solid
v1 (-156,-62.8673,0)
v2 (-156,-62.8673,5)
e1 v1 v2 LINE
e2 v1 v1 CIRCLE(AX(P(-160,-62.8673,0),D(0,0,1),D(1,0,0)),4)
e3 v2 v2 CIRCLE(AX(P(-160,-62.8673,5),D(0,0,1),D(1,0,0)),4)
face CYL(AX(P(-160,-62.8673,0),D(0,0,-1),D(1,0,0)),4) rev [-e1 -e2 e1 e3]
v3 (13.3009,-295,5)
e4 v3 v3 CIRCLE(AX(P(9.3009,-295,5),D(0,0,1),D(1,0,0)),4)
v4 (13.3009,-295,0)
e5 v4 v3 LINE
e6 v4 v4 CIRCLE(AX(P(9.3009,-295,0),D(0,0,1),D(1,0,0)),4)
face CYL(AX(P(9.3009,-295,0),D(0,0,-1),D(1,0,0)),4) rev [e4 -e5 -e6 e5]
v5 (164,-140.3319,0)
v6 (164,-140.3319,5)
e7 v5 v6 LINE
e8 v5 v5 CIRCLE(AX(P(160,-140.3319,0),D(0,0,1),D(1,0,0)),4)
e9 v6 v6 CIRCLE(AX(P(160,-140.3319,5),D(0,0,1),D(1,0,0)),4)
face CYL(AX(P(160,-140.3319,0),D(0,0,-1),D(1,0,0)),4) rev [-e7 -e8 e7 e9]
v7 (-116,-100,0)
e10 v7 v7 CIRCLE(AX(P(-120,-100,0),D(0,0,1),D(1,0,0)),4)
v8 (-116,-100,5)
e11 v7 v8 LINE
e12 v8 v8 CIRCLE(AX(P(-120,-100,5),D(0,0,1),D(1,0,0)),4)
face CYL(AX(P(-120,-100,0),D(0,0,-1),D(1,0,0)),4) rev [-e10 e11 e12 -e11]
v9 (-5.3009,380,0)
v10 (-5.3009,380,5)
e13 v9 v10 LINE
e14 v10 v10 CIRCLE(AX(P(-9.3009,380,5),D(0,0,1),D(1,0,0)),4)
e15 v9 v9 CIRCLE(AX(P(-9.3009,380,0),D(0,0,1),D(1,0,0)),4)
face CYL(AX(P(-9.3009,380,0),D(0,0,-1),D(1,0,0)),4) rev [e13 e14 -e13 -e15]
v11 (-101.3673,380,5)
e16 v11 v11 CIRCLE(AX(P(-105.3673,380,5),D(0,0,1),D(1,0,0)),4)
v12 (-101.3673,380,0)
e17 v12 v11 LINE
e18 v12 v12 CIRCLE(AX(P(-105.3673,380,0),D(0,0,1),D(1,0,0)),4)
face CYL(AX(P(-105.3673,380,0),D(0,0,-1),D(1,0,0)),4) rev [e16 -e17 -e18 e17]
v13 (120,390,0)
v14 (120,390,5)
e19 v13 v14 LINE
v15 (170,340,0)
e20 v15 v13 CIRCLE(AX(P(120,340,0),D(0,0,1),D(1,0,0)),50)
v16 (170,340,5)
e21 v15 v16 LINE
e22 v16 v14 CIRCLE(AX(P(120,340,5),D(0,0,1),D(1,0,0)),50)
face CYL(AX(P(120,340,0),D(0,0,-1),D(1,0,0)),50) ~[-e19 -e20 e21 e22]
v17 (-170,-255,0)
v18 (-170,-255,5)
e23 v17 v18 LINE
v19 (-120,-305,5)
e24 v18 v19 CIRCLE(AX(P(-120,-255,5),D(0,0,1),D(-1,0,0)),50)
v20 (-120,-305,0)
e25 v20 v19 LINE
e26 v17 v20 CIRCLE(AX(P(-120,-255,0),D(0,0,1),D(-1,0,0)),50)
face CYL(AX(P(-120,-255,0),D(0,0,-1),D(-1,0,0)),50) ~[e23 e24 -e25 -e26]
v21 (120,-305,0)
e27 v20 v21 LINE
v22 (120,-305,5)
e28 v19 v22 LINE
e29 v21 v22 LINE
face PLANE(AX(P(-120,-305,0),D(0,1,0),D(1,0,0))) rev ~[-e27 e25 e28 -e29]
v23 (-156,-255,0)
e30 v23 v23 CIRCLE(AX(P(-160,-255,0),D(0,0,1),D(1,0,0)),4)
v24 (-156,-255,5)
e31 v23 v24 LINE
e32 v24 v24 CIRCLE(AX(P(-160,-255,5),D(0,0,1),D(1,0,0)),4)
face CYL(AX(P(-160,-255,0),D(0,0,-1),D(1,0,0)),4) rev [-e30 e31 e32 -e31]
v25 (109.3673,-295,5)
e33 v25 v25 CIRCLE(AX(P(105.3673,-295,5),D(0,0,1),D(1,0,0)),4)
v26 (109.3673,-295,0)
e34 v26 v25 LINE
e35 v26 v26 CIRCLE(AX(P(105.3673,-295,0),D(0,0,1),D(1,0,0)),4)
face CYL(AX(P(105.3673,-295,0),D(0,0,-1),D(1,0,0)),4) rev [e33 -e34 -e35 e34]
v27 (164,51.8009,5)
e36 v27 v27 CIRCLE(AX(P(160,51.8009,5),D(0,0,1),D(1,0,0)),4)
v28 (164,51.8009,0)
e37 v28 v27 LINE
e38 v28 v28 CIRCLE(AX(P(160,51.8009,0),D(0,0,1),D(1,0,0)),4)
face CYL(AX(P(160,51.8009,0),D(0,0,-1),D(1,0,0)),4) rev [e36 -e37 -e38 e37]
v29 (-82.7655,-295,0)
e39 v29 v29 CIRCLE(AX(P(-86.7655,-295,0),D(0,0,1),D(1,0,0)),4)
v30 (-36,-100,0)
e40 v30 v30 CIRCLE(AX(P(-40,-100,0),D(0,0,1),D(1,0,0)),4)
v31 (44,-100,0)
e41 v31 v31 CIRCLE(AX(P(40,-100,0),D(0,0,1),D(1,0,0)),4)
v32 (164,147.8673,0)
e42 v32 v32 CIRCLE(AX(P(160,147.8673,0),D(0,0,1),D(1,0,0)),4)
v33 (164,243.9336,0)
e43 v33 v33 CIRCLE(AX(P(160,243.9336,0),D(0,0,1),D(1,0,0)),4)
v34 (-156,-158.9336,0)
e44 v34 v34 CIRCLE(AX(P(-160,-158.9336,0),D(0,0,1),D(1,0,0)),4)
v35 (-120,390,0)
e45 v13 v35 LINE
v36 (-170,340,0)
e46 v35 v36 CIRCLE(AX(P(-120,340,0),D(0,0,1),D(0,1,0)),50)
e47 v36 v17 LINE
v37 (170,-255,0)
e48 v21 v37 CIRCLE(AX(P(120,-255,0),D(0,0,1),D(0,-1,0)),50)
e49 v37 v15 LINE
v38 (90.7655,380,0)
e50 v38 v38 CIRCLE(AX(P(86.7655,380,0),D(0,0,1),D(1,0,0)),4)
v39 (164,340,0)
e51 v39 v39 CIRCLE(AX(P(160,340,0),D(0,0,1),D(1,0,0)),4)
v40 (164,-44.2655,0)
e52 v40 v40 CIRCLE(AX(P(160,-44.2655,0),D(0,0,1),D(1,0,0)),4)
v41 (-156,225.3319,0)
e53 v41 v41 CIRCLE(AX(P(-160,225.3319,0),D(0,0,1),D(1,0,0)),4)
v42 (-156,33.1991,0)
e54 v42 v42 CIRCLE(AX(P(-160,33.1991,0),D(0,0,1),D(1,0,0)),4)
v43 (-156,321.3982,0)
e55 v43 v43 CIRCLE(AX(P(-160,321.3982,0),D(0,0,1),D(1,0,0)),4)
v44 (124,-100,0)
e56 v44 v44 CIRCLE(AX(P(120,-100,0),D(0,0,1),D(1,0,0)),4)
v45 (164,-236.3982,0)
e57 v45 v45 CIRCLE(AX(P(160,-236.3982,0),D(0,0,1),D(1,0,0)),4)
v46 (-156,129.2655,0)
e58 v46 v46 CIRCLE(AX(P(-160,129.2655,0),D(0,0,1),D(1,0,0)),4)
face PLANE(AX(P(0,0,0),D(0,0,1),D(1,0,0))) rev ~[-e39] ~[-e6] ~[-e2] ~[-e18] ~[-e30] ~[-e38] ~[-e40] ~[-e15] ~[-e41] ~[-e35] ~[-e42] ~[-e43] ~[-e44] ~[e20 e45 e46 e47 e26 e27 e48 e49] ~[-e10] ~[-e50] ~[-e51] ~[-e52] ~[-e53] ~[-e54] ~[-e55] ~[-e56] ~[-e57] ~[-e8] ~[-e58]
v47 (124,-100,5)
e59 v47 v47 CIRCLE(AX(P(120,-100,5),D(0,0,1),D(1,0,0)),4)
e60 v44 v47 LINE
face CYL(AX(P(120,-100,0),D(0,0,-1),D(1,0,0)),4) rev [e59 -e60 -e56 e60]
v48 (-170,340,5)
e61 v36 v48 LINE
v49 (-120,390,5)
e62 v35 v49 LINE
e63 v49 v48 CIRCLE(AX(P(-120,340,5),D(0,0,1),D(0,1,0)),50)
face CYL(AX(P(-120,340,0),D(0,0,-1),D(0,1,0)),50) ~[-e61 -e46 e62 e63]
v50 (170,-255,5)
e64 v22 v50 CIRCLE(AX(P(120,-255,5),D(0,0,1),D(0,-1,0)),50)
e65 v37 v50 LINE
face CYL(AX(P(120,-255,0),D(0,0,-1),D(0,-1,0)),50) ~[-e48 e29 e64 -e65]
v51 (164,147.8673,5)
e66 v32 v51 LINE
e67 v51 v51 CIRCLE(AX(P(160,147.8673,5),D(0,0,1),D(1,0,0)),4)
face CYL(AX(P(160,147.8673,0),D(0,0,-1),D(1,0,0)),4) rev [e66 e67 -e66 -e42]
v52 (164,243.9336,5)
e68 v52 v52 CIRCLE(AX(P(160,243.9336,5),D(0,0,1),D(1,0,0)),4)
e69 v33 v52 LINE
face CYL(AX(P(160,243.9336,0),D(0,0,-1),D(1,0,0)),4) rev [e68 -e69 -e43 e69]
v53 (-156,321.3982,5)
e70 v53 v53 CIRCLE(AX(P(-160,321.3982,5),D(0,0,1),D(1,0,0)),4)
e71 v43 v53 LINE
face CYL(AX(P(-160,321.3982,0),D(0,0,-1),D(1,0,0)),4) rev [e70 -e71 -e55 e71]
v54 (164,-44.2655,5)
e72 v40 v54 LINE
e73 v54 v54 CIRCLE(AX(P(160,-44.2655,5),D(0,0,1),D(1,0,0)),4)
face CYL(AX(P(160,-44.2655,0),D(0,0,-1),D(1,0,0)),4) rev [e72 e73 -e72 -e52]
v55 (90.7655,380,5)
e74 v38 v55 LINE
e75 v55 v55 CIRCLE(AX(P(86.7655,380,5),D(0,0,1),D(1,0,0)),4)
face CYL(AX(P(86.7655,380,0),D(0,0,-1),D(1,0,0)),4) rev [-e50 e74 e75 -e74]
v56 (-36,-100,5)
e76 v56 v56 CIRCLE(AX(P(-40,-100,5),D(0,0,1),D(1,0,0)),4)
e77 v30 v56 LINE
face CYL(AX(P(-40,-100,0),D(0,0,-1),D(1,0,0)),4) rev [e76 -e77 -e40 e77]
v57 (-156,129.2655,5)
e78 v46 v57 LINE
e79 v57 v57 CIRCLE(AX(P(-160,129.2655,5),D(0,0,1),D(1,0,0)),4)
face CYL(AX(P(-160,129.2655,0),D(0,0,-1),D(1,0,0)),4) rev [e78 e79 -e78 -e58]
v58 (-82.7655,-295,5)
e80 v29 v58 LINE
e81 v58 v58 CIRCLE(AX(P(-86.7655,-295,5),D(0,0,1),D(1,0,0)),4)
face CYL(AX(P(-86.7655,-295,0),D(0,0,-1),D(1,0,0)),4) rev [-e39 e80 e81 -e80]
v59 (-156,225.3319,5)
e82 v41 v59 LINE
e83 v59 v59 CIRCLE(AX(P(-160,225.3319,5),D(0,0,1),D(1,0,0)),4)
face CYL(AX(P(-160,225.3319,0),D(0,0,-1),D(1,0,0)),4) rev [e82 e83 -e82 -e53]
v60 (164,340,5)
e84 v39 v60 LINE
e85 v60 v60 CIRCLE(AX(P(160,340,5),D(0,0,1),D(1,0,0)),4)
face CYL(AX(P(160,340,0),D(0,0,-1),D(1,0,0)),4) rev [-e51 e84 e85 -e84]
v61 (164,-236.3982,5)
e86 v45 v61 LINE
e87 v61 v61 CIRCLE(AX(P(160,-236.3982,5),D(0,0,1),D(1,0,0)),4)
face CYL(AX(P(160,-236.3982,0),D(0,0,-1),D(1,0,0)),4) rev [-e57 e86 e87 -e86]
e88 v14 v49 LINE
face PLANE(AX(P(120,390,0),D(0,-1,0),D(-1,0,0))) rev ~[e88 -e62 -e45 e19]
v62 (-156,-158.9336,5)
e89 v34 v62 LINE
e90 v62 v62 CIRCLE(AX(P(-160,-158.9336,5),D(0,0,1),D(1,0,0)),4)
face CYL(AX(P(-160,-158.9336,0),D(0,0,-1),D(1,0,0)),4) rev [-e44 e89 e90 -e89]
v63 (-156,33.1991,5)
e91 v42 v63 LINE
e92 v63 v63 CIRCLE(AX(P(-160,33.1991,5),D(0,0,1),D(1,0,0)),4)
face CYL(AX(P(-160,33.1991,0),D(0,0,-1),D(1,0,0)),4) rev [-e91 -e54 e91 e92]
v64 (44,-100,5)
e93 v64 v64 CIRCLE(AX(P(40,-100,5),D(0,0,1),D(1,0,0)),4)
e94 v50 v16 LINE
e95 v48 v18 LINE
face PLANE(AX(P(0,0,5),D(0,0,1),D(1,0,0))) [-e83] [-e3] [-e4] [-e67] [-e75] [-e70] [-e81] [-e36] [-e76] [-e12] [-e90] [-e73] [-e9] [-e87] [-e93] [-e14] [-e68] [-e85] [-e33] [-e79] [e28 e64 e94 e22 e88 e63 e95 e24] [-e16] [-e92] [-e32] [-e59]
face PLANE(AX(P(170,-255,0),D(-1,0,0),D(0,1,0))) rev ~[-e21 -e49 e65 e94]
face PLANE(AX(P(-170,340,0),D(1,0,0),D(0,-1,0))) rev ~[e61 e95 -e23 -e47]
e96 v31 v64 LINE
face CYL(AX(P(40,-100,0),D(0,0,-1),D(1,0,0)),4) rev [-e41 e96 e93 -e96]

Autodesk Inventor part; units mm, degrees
ref_plane "YZ Plane" through (0, 0, 0) normal (1, 0, 0) x (0, 1, 0)
ref_plane "XZ Plane" through (0, 0, 0) normal (0, 1, 0) x (-1, 0, 0)
ref_plane "XY Plane" through (0, 0, 0) normal (0, 0, 1) x (1, 0, 0)
ref_plane "РабПлоскость1" through (0, 0, 0) normal (0, 0, 1) x (1, 0, 0)
sketch "Эскиз1" plane through (0, 0, 0) normal (0, 0, 1) x (1, 0, 0)
  circle A0 centre (120, -100) radius 4 projected
  circle A1 centre (40, -100) radius 4 projected
  circle A2 centre (-40, -100) radius 4 projected
  circle A3 centre (-120, -100) radius 4 projected
  circle A4 centre (-86.7655, -295) radius 4 projected
  circle A5 centre (9.3009, -295) radius 4 projected
  circle A6 centre (105.3673, -295) radius 4 projected
  circle A7 centre (160, -236.3982) radius 4 projected
  circle A8 centre (160, -140.3319) radius 4 projected
  circle A9 centre (160, -44.2655) radius 4 projected
  circle A10 centre (160, 51.8009) radius 4 projected
  circle A11 centre (160, 147.8673) radius 4 projected
  circle A12 centre (160, 243.9336) radius 4 projected
  circle A13 centre (160, 340) radius 4 projected
  circle A14 centre (86.7655, 380) radius 4 projected
  circle A15 centre (-9.3009, 380) radius 4 projected
  circle A16 centre (-105.3673, 380) radius 4 projected
  circle A17 centre (-160, 321.3982) radius 4 projected
  circle A18 centre (-160, 225.3319) radius 4 projected
  circle A19 centre (-160, 129.2655) radius 4 projected
  circle A20 centre (-160, 33.1991) radius 4 projected
  circle A21 centre (-160, -62.8673) radius 4 projected
  circle A22 centre (-160, -158.9336) radius 4 projected
  circle A23 centre (-160, -255) radius 4 projected
  line L0 (170, -255) -> (170, 340) projected
  arc A24 (170, 340) -> (120, 390) centre (120, 340) ccw projected
  line L1 (120, 390) -> (-120, 390) projected
  arc A25 (-120, 390) -> (-170, 340) centre (-120, 340) ccw projected
  line L2 (-170, 340) -> (-170, -255) projected
  arc A26 (-170, -255) -> (-120, -305) centre (-120, -255) ccw projected
  line L3 (-120, -305) -> (120, -305) projected
  arc A27 (120, -305) -> (170, -255) centre (120, -255) ccw projected
  line L4 (-120, -120) -> (120, -120) projected
  arc A28 (150, -150) -> (120, -120) centre (120, -150) ccw projected
  line L5 (150, -150) -> (150, -255) projected
  arc A29 (120, -285) -> (150, -255) centre (120, -255) ccw projected
  line L6 (120, -285) -> (-120, -285) projected
  arc A30 (-150, -255) -> (-120, -285) centre (-120, -255) ccw projected
  line L7 (-150, -255) -> (-150, -150) projected
  arc A31 (-120, -120) -> (-150, -150) centre (-120, -150) ccw projected
  line L8 (150, 340) -> (150, -50) projected
  arc A32 (120, -80) -> (150, -50) centre (120, -50) ccw projected
  line L9 (120, -80) -> (-120, -80) projected
  arc A33 (-150, -50) -> (-120, -80) centre (-120, -50) ccw projected
  line L10 (-150, -50) -> (-150, 340) projected
  arc A34 (-120, 370) -> (-150, 340) centre (-120, 340) ccw projected
  line L11 (-120, 370) -> (120, 370) projected
  arc A35 (150, 340) -> (120, 370) centre (120, 340) ccw projected
  point P0 (0, 0)
extrude "Выдавливание1" add sketch "Эскиз1" along normal blind 5 contours A27 L3 A26 L2 A25 L1 A24 L0 | L4 A28 L5 A29 L6 A30 L7 A31 | L8 A32 L9 A33 L10 A34 L11 A35
properties part number "Крышка фонаря 2" material "Чугун, серый"
